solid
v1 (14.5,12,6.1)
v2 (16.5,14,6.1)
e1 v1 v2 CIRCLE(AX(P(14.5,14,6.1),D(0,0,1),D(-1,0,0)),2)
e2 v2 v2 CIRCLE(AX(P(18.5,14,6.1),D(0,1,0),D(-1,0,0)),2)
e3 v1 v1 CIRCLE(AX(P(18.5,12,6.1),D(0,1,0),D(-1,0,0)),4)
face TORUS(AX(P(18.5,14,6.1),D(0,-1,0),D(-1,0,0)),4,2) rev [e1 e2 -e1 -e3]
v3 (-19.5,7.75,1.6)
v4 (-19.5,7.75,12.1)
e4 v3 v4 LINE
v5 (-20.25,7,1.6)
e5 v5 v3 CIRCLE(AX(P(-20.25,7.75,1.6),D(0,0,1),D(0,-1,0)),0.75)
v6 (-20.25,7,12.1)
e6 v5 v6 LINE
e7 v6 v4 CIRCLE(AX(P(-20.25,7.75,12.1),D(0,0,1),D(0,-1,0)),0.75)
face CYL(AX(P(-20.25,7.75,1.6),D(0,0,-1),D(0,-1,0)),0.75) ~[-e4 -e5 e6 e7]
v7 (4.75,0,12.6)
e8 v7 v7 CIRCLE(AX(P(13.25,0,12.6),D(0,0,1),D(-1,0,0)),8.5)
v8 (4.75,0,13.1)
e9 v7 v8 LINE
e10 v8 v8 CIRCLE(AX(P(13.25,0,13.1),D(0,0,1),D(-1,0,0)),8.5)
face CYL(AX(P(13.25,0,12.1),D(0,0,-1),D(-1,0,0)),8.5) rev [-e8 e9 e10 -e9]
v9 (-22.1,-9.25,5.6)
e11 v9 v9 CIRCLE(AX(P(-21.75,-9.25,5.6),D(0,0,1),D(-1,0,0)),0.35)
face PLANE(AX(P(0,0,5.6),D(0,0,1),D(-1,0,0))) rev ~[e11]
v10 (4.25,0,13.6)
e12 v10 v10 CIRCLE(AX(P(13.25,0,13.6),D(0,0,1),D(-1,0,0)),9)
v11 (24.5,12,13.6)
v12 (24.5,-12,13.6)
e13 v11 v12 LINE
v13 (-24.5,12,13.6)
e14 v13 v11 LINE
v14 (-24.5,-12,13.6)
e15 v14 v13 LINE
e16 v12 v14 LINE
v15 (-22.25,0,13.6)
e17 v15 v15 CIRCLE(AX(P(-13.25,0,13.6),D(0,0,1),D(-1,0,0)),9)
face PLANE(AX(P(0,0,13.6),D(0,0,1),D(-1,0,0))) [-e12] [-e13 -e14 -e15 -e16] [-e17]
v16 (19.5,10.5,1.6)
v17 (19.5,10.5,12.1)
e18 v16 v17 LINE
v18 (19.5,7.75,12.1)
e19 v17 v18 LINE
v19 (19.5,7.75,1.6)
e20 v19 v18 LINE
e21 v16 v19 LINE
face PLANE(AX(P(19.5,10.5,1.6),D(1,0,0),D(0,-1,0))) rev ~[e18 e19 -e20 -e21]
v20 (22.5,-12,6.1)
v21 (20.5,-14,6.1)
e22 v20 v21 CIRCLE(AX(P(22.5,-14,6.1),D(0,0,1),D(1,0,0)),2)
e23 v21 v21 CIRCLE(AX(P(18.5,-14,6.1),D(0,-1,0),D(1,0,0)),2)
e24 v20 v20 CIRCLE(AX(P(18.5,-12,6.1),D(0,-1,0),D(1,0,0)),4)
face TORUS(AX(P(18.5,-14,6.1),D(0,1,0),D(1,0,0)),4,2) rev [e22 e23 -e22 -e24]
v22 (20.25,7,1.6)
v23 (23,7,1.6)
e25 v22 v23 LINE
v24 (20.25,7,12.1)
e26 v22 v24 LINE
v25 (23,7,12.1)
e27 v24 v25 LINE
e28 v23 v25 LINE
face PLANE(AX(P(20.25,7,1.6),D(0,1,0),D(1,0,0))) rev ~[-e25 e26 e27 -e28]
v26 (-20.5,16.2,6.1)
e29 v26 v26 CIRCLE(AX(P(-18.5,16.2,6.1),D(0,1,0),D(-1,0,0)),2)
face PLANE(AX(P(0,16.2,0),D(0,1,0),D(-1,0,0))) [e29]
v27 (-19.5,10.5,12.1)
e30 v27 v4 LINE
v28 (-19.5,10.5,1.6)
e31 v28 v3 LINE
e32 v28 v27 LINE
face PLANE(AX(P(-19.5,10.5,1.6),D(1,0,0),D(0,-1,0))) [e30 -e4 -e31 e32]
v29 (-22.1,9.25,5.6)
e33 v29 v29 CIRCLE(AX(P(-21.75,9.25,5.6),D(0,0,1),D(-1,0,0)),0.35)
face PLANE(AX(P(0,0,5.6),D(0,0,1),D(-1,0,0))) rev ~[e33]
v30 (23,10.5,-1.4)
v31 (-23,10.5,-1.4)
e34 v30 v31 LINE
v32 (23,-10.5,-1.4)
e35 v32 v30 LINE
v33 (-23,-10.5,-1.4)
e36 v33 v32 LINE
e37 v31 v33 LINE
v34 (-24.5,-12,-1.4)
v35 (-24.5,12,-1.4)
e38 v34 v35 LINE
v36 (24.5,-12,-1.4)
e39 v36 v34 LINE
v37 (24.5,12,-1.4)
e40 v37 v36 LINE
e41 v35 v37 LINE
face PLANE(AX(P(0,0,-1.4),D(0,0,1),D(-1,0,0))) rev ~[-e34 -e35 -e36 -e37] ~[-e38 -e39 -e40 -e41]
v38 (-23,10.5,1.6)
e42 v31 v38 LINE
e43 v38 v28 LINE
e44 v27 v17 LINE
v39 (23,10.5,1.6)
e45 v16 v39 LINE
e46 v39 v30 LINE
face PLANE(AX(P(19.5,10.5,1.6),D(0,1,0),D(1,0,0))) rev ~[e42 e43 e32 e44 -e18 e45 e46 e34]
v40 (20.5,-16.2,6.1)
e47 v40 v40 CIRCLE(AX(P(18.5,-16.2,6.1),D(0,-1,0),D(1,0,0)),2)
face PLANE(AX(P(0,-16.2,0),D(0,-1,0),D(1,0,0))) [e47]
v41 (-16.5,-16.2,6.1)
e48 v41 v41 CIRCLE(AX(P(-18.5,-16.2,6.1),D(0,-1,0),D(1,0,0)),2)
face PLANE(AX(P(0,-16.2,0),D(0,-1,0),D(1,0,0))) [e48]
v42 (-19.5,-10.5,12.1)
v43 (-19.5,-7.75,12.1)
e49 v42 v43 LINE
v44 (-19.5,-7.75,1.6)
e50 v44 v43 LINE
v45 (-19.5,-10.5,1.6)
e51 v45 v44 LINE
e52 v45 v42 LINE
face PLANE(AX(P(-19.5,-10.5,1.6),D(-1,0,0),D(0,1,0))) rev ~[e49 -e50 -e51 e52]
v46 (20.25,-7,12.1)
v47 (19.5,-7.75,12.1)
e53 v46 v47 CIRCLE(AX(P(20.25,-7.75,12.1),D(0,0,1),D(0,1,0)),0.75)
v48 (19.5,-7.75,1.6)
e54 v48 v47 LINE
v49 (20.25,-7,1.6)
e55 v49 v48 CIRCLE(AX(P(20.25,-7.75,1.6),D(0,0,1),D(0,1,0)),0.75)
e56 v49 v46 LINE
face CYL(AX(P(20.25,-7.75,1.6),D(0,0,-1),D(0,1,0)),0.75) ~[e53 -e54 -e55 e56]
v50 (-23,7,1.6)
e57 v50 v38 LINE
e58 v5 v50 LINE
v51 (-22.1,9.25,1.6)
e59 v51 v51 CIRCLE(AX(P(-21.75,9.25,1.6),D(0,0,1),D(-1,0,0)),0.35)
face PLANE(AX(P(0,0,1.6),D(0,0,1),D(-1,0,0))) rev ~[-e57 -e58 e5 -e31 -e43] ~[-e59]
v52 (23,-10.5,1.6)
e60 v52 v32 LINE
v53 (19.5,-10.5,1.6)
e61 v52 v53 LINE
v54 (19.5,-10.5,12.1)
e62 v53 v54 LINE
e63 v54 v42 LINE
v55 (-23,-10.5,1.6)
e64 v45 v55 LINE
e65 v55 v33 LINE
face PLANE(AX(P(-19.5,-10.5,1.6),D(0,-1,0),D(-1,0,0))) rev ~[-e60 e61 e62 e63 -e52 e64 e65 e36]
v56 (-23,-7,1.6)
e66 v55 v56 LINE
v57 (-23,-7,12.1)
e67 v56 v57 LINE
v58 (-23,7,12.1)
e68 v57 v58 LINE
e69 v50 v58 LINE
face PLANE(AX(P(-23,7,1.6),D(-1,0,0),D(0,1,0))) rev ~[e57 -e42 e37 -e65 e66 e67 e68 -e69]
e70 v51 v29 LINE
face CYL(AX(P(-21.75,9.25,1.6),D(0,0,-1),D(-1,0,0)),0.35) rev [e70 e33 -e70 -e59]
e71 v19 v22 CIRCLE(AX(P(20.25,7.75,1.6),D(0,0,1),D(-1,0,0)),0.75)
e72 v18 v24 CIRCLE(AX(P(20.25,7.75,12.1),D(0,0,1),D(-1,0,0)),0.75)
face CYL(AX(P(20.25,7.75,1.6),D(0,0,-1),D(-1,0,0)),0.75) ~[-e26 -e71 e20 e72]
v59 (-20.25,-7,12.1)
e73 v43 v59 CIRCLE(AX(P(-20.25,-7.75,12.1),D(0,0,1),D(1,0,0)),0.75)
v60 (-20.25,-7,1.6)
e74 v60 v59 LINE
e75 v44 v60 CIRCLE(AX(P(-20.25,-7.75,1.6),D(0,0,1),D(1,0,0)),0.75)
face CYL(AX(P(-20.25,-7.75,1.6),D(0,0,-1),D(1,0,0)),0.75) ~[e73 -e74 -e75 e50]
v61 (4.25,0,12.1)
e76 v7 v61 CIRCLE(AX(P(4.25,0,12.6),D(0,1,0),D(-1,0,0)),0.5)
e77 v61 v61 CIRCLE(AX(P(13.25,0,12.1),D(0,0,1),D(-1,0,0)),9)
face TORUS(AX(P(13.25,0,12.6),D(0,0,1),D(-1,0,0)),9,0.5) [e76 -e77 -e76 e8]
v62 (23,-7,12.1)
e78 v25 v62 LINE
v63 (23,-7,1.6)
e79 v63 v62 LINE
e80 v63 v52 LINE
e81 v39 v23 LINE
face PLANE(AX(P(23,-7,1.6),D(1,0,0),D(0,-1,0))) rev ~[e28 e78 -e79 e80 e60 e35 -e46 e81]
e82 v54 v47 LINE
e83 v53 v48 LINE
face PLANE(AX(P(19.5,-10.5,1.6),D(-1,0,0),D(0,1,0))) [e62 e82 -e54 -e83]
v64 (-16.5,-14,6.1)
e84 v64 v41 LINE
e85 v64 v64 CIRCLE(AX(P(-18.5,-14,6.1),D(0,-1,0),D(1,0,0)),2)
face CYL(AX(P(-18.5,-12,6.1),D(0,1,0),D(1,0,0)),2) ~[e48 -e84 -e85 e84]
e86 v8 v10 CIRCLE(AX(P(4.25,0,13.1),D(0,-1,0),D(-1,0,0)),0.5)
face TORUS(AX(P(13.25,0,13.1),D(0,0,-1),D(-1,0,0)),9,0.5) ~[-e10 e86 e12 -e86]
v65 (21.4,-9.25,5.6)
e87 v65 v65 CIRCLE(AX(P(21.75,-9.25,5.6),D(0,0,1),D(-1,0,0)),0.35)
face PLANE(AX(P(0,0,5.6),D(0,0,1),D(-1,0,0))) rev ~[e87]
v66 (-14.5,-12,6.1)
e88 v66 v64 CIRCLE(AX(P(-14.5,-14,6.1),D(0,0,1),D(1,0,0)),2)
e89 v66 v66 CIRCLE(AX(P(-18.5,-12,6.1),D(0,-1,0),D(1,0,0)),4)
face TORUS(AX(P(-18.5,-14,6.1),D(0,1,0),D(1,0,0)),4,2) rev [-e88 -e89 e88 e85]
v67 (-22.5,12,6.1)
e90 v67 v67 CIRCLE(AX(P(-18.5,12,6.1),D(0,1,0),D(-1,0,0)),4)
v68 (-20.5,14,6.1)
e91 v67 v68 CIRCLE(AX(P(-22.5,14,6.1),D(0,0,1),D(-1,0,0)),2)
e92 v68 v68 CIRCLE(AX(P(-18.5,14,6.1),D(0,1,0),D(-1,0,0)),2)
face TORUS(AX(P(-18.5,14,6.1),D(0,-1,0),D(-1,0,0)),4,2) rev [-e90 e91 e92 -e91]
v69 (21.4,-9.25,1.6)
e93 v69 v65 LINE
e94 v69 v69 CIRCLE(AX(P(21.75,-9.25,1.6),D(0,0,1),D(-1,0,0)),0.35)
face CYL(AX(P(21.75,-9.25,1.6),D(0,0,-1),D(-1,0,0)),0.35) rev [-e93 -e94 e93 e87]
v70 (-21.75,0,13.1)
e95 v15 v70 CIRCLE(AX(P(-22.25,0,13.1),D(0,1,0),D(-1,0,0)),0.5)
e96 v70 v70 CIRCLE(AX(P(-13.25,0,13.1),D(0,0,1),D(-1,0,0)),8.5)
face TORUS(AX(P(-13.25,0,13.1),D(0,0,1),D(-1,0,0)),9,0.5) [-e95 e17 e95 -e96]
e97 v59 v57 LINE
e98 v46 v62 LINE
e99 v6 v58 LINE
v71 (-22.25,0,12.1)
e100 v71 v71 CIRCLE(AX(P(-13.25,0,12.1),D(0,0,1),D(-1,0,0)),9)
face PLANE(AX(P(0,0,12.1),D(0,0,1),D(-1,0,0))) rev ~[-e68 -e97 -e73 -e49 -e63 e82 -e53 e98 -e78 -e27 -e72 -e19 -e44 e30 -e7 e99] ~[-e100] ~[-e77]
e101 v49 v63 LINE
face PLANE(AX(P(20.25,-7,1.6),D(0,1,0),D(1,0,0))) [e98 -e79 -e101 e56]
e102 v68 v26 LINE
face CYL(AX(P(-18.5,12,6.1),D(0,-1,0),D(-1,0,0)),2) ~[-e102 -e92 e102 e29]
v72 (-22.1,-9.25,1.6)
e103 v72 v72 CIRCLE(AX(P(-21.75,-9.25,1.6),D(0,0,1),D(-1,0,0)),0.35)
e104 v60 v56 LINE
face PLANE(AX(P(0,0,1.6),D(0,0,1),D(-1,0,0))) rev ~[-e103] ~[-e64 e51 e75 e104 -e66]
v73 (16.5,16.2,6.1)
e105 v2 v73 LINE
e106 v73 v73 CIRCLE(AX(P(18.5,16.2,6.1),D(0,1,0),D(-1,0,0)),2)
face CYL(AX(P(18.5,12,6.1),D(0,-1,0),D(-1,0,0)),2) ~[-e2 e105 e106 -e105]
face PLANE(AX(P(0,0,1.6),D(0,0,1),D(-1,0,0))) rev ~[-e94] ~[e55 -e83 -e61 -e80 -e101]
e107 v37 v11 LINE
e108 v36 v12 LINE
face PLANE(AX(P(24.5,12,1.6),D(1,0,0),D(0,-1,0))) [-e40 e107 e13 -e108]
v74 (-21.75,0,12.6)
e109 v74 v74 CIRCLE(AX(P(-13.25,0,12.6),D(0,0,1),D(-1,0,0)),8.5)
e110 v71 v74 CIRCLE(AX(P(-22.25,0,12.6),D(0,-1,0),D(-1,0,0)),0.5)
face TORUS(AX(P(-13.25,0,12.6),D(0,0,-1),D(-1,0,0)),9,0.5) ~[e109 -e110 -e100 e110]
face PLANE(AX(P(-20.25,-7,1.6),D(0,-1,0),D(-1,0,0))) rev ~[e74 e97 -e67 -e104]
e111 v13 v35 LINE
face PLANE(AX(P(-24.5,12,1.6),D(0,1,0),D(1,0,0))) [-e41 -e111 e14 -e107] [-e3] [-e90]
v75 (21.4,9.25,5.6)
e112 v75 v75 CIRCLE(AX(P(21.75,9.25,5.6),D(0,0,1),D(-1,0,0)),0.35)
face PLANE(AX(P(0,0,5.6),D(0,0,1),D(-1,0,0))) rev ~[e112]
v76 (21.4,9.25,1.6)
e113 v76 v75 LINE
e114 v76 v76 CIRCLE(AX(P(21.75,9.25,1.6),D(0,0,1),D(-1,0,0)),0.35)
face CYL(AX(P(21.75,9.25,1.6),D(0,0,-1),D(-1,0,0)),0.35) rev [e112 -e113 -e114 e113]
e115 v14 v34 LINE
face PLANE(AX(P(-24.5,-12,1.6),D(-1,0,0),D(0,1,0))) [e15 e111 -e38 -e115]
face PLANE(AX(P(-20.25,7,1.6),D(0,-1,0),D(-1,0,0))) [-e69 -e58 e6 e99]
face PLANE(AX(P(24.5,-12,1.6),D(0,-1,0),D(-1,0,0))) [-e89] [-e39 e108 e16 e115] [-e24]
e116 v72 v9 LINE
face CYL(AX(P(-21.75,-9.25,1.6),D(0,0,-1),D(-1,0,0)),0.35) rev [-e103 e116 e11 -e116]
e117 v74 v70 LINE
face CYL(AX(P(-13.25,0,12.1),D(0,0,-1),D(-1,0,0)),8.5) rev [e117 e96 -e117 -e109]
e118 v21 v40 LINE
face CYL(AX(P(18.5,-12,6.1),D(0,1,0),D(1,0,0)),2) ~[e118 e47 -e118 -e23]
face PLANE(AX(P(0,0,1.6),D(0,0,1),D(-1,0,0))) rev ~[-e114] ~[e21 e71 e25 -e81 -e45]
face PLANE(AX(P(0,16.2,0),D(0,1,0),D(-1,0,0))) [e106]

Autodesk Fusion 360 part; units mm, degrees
sketch "Boceto1" plane through (0, 0, 0) normal (0, 0, 1) x (1, 0, 0)
  line L0 (22.75, 10.25) -> (-22.75, 10.25)
  line L1 (-22.75, 10.25) -> (-22.75, -10.25)
  line L2 (-22.75, -10.25) -> (22.75, -10.25)
  line L3 (22.75, -10.25) -> (22.75, 10.25)
  line L4 (22.75, 10.25) -> (-22.75, -10.25) construction
  line L5 (-22.75, 10.25) -> (22.75, -10.25) construction
  line L6 (-22.75, -8.5) -> (22.75, -8.5) construction
  line L7 (-21.75, 10.25) -> (-21.75, -10.25) construction
  line L8 (21.75, 10.25) -> (21.75, -10.25) construction
  line L9 (-22.75, 8.5) -> (22.75, 8.5) construction
  circle A0 centre (13.25, 0) radius 8.5
  circle A1 centre (-21.75, 9.25) radius 1 construction
  circle A2 centre (-21.75, 9.25) radius 0.5
  line L10 (12.75, 6.5) -> (22.75, 6.5) construction
  line L11 (0, 10.25) -> (0, -10.25) construction
  circle A3 centre (-13.25, 0) radius 8.5
  line L12 (-22.75, 0) -> (22.75, 0) construction
  line L13 (-22.75, 7.75) -> (22.75, 7.75) construction
  line L14 (-5.0036, 6) -> (5.0036, 6)
  arc A4 (5.0036, 6) -> (5.0036, 9.5) centre (5.0036, 7.75) ccw
  line L15 (5.0036, 9.5) -> (-5.0036, 9.5)
  arc A5 (-5.0036, 9.5) -> (-5.0036, 6) centre (-5.0036, 7.75) ccw
  line L16 (-5.0036, 7.75) -> (5.0036, 7.75) construction
  circle A6 centre (21.75, 9.25) radius 0.5
  circle A7 centre (21.75, 9.25) radius 1 construction
  circle A8 centre (-21.75, -9.25) radius 0.5
  circle A9 centre (-21.75, -9.25) radius 1 construction
  circle A10 centre (21.75, -9.25) radius 1 construction
  circle A11 centre (21.75, -9.25) radius 0.5
  line L17 (-5.0036, -6) -> (5.0036, -6)
  arc A12 (-5.0036, -6) -> (-5.0036, -9.5) centre (-5.0036, -7.75) ccw
  line L18 (5.0036, -9.5) -> (-5.0036, -9.5)
  arc A13 (5.0036, -9.5) -> (5.0036, -6) centre (5.0036, -7.75) ccw
  dimension "d1" = 45.5
  dimension "d2" = 20.5
  dimension "d4" = 1.75
  dimension "d6" = 1
  dimension "d7" = 1
  dimension "d8" = 1.75
  dimension "d9" = 8.5
  dimension "d23" = 1
  dimension "d24" = -0.5
  dimension "d135" = 2.5
  dimension "d136" = 3.5
extrude "Extruir5" add sketch "Boceto1" along normal blind 1.6 makes body 1
extrude "Extruir29" add sketch "Boceto1" along normal blind 14 contours A0 | A3 bodies 1
extrude "Extruir30" add sketch "Boceto1" along normal blind 5 contours L14 A4 L15 A5 bodies 1
sketch "Boceto3" plane through (0, 0, 1.6) normal (0, 0, 1) x (-1, 0, 0)
  line L0 (23, -10.5) -> (-23, -10.5)
  line L1 (-23, -10.5) -> (-23, 10.5)
  line L2 (-23, 10.5) -> (23, 10.5)
  line L3 (23, 10.5) -> (23, -10.5)
  line L4 (23, -10.5) -> (-23, 10.5) construction
  line L5 (-23, -10.5) -> (23, 10.5) construction
  line L6 (22.75, -10.25) -> (-22.75, -10.25) construction
  line L7 (-22.75, -10.25) -> (-22.75, 10.25) construction
  line L8 (-22.75, 10.25) -> (22.75, 10.25) construction
  line L9 (22.75, 10.25) -> (22.75, -10.25) construction
  circle A0 centre (21.75, -9.25) radius 1 construction
  circle A1 centre (21.75, -9.25) radius 0.35
  line L10 (-24.5, 12) -> (24.5, 12)
  line L11 (24.5, 12) -> (24.5, -12)
  line L12 (24.5, -12) -> (-24.5, -12)
  line L13 (-24.5, -12) -> (-24.5, 12)
  line L14 (23, -10.5) -> (19.5, -10.5)
  line L15 (19.5, -10.5) -> (19.5, -7.75)
  line L16 (20.25, -7) -> (23, -7)
  line L17 (23, -7) -> (23, -10.5)
  line L18 (22.75, -8.5) -> (-22.75, -8.5) construction
  line L19 (22.75, 8.5) -> (-22.75, 8.5) construction
  line L20 (-21.75, 10.25) -> (-21.75, -10.25) construction
  line L21 (21.75, 10.25) -> (21.75, -10.25) construction
  circle A2 centre (13.25, 0) radius 8.5
  line L22 (24.5, 0) -> (-24.5, 0) construction
  line L23 (0, -12) -> (0, 12) construction
  arc A3 (20.25, -7) -> (19.5, -7.75) centre (20.25, -7.75) ccw
  line L24 (-19.5, -10.5) -> (-19.5, -7.75)
  arc A4 (-19.5, -7.75) -> (-20.25, -7) centre (-20.25, -7.75) ccw
  line L25 (-20.25, -7) -> (-23, -7)
  circle A5 centre (-21.75, -9.25) radius 0.35
  circle A6 centre (-13.25, 0) radius 8.5
  line L26 (19.5, 10.5) -> (19.5, 7.75)
  arc A7 (19.5, 7.75) -> (20.25, 7) centre (20.25, 7.75) ccw
  line L27 (20.25, 7) -> (23, 7)
  circle A8 centre (21.75, 9.25) radius 0.35
  circle A9 centre (-21.75, 9.25) radius 0.35
  line L28 (-19.5, 10.5) -> (-19.5, 7.75)
  arc A10 (-20.25, 7) -> (-19.5, 7.75) centre (-20.25, 7.75) ccw
  line L29 (-20.25, 7) -> (-23, 7)
  point P0 (19.5, -7)
  dimension "d79" = 46
  dimension "d80" = 21
  dimension "d81" = 0.25
  dimension "d82" = 1
  dimension "d83" = -0.65
  dimension "d87" = -1.5
  dimension "d88" = 3.5
  dimension "d89" = 3.5
  dimension "d90" = 1.75
  dimension "d91" = 1.75
  dimension "d92" = 1
  dimension "d93" = 1
  dimension "d94" = 8.5
  dimension "d95" = 0.75
extrude "Extruir20" add sketch "Boceto3" along normal blind 12 and the other way blind 3 separate body contours L10 L11 L12 L13 makes body 2
extrude "Extruir21" add sketch "Boceto3" along normal blind 12 contours L0 L3 L14 L15 L16 L17 A3 | L0 L1 L24 A4 L25 | L2 L3 L26 A7 L27 | L1 L2 L28 A10 L29 | A1 | A5 | A8 | A9 bodies 2
extrude "Extruir22" add sketch "Boceto3" along normal blind 1.5 from surface at 10.5 contours L0 L1 L2 L3 L15 L16 A3 L24 A4 L25 L26 A7 L27 L28 A10 L29 bodies 2
extrude "Extruir23" cut sketch "Boceto3" along normal blind 4 contours A1 | A5 | A8 | A9 bodies 2
sketch "Boceto4" plane through (0, -12, 0) normal (0, -1, 0) x (1, 0, 0)
  line L0 (24.5, -1.4) -> (24.5, 13.6)
  line L1 (24.5, 13.6) -> (-24.5, 13.6)
  line L2 (-24.5, 13.6) -> (-24.5, -1.4)
  line L3 (-24.5, -1.4) -> (24.5, -1.4)
  line L4 (-24.5, 6.1) -> (24.5, 6.1) construction
  line L5 (-24.5, 13.6) -> (24.5, 13.6) construction
  line L6 (24.5, 13.6) -> (24.5, -1.4) construction
  line L7 (24.5, -1.4) -> (-24.5, -1.4) construction
  line L8 (-24.5, -1.4) -> (-24.5, 13.6) construction
  line L9 (-20.5, 13.6) -> (-20.5, -1.4) construction
  line L10 (0, 13.6) -> (0, -1.4) construction
  line L11 (-24.5, 8.1) -> (24.5, 8.1) construction
  circle A0 centre (-18.5, 6.1) radius 2
  circle A1 centre (18.5, 6.1) radius 2
  dimension "d151" = 4
  dimension "d154" = 2
  dimension "d155" = 2
sketch "Boceto5" plane through (0, 12, 0) normal (0, 1, 0) x (-1, 0, 0)
  line L0 (24.5, -1.4) -> (24.5, 13.6)
  line L1 (24.5, 13.6) -> (-24.5, 13.6)
  line L2 (-24.5, 13.6) -> (-24.5, -1.4)
  line L3 (-24.5, -1.4) -> (24.5, -1.4)
  line L4 (-24.5, 13.6) -> (24.5, 13.6) construction
  line L5 (24.5, 13.6) -> (24.5, -1.4) construction
  line L6 (24.5, -1.4) -> (-24.5, -1.4) construction
  line L7 (-24.5, -1.4) -> (-24.5, 13.6) construction
  line L8 (0, 13.6) -> (0, -1.4) construction
  line L9 (-24.5, 6.1) -> (24.5, 6.1) construction
  line L10 (20.5, 13.6) -> (20.5, -1.4) construction
  line L11 (24.5, 8.1) -> (-24.5, 8.1) construction
  circle A0 centre (18.5, 6.1) radius 2
  circle A1 centre (-18.5, 6.1) radius 2
  dimension "d156" = 4
  dimension "d157" = 2
  dimension "d158" = 2
extrude "Extruir31" add sketch "Boceto5" along normal blind 4.2 contours A0 | A1 bodies 2
extrude "Extruir32" add sketch "Boceto4" along normal blind 4.2 contours A0 | A1 bodies 2
fillet "Empalme3" radius 2 4 edges at (-20.3647, -12, 6.8232) (16.6353, -12, 6.8232) (20.3647, 12, 6.8232) (-16.6353, 12, 6.8232) on bodies 2
fillet "Empalme3" radius 0.5 4 edges at (-5.3252, -3.0737, 13.6) (21.1748, -3.0737, 13.6) (-5.3252, -3.0737, 12.1) (21.1748, -3.0737, 12.1) on bodies 2
hidden bodies 1
